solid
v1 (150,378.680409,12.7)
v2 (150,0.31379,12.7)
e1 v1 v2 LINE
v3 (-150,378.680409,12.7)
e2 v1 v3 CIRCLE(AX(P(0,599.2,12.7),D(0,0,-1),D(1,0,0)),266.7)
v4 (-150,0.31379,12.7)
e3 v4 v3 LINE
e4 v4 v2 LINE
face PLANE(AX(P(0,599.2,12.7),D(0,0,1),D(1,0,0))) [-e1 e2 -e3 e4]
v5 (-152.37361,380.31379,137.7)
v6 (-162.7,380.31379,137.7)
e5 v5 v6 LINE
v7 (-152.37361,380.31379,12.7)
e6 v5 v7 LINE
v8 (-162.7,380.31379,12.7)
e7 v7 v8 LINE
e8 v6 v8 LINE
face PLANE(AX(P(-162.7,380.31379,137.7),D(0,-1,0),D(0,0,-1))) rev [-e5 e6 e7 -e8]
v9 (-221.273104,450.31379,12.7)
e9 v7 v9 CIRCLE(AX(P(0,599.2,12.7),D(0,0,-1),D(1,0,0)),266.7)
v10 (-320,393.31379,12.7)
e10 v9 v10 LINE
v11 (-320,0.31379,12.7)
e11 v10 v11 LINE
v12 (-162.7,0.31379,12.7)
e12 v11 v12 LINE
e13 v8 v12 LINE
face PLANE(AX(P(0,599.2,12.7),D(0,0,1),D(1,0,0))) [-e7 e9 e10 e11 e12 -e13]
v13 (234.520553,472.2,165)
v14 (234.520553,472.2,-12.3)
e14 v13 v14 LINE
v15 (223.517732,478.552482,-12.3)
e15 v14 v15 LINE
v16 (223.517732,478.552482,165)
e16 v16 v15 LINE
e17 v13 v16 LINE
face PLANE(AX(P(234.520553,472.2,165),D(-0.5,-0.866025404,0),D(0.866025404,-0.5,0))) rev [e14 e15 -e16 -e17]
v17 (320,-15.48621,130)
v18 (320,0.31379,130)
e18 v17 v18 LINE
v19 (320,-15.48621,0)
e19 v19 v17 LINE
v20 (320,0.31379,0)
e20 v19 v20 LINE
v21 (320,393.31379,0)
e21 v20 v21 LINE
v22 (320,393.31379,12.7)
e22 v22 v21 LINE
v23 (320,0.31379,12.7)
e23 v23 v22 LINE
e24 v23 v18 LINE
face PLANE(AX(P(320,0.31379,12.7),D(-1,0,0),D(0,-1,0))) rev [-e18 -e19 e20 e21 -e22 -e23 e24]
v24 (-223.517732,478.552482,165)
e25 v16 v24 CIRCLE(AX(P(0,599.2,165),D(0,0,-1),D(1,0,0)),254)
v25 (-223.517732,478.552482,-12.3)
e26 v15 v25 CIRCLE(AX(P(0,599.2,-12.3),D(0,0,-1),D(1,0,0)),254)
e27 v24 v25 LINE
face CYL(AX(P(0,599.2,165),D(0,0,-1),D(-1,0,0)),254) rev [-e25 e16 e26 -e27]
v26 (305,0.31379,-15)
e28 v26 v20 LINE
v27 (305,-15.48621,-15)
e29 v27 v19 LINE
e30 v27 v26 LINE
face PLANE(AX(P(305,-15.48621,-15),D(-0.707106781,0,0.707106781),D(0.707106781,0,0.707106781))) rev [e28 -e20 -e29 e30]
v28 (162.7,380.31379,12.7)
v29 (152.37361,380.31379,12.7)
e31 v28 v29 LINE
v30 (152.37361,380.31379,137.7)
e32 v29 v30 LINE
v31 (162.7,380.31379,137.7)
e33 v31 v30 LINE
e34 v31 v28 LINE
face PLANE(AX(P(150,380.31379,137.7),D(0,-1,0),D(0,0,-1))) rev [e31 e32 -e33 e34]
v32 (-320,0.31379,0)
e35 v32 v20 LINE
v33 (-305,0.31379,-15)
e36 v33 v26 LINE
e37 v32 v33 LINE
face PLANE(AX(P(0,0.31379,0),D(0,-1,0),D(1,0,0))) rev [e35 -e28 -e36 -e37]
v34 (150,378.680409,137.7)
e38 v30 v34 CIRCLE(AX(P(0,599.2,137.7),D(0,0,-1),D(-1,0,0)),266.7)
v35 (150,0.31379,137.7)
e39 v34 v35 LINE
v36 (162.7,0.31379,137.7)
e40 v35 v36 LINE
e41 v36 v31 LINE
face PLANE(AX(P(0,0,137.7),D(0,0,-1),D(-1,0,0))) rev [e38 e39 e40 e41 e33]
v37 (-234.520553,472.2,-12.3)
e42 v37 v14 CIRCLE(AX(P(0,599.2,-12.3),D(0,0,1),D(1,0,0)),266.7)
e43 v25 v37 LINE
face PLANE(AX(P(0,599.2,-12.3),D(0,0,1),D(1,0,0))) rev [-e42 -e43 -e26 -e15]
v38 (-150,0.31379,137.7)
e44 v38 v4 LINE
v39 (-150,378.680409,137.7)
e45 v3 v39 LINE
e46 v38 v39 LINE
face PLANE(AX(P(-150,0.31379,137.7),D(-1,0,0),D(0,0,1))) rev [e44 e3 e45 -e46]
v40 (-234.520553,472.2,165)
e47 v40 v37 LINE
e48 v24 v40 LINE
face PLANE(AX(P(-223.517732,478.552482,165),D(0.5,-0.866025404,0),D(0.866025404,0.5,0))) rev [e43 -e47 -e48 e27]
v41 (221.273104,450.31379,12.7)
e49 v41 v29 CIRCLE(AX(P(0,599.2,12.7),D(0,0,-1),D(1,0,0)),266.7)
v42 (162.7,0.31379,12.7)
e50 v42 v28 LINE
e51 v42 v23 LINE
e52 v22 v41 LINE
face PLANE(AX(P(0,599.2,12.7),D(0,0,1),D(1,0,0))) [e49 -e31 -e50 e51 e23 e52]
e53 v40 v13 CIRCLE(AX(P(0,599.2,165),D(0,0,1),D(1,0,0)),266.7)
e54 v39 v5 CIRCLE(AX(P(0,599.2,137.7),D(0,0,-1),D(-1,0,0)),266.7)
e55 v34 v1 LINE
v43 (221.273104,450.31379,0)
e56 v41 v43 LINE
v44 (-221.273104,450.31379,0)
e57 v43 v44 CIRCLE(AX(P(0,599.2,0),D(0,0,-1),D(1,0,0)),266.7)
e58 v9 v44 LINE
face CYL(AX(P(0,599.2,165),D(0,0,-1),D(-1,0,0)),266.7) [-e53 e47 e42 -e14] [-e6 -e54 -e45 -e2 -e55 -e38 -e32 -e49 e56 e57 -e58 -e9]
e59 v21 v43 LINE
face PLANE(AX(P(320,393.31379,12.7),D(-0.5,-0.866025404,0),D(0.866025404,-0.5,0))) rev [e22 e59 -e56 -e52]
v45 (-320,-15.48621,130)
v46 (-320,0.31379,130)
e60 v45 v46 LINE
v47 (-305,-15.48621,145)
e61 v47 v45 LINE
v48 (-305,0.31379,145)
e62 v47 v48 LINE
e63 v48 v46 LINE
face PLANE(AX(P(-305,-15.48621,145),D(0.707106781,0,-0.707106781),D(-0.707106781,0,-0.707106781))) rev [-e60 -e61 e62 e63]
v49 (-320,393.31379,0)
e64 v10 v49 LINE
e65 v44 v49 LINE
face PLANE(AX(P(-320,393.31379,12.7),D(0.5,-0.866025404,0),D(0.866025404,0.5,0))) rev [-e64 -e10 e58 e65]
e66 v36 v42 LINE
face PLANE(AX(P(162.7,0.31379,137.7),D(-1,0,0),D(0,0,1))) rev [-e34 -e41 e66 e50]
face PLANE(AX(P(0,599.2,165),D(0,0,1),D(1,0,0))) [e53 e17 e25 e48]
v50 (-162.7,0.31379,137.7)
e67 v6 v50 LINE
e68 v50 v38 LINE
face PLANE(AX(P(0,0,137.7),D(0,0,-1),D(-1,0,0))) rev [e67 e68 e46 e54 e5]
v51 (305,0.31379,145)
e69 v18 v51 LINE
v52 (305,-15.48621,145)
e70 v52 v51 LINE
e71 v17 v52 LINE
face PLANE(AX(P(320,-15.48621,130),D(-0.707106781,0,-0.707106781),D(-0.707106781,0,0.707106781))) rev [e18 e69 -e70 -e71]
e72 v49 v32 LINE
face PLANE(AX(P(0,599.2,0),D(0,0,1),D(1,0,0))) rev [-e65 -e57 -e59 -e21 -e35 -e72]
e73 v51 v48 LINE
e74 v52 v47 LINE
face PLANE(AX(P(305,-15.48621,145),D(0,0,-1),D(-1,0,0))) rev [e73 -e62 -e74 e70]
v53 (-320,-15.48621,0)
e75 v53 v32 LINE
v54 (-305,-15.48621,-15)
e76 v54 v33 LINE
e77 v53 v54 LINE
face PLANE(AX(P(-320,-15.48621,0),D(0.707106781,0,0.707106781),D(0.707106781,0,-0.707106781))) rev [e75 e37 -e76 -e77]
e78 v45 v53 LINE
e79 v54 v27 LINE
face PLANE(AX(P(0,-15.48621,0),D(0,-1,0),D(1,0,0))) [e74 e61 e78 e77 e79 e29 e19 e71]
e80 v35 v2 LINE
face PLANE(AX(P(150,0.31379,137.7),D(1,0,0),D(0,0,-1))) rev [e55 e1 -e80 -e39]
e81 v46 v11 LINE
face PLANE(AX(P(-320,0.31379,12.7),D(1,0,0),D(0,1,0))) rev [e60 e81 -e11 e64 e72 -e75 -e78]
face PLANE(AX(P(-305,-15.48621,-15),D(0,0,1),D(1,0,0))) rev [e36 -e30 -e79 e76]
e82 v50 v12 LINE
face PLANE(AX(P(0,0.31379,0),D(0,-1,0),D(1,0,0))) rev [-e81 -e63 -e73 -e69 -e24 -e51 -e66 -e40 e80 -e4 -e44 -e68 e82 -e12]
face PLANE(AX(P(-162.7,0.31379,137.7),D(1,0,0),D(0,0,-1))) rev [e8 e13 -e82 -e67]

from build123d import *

# Parameters (mm, degrees)
BOSS_EXTRUDE1_DEPTH      = 12.7
BOSS_EXTRUDE2_DEPTH      = 152.3
BOSS_EXTRUDE2_DEPTH_BACK = 25
BOSS_EXTRUDE3_DEPTH      = 15.8
SKETCH4_W                = 12.7
SKETCH4_H                = 380
BOSS_EXTRUDE4_DEPTH      = 125


with BuildPart() as part:
    # Sketch1 → Boss-Extrude1 (new body)
    with BuildSketch(Plane.XY):
        with BuildLine():
            Line((320, 0.313790229), (-320, 0.313790229))
            Line((-320, 0.313790229), (-320, 393.313790229))
            Line((-320, 393.313790229), (-221.273103969, 450.313790229))
            ThreePointArc((-221.273103969, 450.313790229), (0, 332.5), (221.273103969, 450.313790229))
            Line((221.273103969, 450.313790229), (320, 393.313790229))
            Line((320, 393.313790229), (320, 0.313790229))
        make_face()
    extrude(amount=BOSS_EXTRUDE1_DEPTH)

    # Sketch2 → Boss-Extrude2 (add, two sides)
    with BuildSketch(Plane.XY.offset(12.7)) as boss_extrude2_sk:
        with BuildLine():
            Line((234.52055347, 472.2), (223.517731773, 478.552482069))
            ThreePointArc((223.517731773, 478.552482069), (0, 345.2), (-223.517731773, 478.552482069))
            Line((-223.517731773, 478.552482069), (-234.52055347, 472.2))
            ThreePointArc((-234.52055347, 472.2), (0, 332.5), (234.52055347, 472.2))
        make_face()
    extrude(amount=BOSS_EXTRUDE2_DEPTH)
    extrude(boss_extrude2_sk.sketch, amount=-BOSS_EXTRUDE2_DEPTH_BACK)

    # Sketch3 → Boss-Extrude3 (add)
    with BuildSketch(Plane.XZ.offset(-0.313790229)):
        Polygon((-305, -15), (305, -15), (320, 0), (320, 130), (305, 145), (-305, 145), (-320, 130), (-320, 0), align=None)
    extrude(amount=BOSS_EXTRUDE3_DEPTH)

    # Sketch4 → Boss-Extrude4 (add)
    with BuildSketch(Plane.XY.offset(12.7)):
        with Locations((-156.35, 190.313790229)):
            Rectangle(SKETCH4_W, SKETCH4_H)
        with Locations((156.35, 190.313790229)):
            Rectangle(SKETCH4_W, SKETCH4_H)
    extrude(amount=BOSS_EXTRUDE4_DEPTH)


solid = part.part
